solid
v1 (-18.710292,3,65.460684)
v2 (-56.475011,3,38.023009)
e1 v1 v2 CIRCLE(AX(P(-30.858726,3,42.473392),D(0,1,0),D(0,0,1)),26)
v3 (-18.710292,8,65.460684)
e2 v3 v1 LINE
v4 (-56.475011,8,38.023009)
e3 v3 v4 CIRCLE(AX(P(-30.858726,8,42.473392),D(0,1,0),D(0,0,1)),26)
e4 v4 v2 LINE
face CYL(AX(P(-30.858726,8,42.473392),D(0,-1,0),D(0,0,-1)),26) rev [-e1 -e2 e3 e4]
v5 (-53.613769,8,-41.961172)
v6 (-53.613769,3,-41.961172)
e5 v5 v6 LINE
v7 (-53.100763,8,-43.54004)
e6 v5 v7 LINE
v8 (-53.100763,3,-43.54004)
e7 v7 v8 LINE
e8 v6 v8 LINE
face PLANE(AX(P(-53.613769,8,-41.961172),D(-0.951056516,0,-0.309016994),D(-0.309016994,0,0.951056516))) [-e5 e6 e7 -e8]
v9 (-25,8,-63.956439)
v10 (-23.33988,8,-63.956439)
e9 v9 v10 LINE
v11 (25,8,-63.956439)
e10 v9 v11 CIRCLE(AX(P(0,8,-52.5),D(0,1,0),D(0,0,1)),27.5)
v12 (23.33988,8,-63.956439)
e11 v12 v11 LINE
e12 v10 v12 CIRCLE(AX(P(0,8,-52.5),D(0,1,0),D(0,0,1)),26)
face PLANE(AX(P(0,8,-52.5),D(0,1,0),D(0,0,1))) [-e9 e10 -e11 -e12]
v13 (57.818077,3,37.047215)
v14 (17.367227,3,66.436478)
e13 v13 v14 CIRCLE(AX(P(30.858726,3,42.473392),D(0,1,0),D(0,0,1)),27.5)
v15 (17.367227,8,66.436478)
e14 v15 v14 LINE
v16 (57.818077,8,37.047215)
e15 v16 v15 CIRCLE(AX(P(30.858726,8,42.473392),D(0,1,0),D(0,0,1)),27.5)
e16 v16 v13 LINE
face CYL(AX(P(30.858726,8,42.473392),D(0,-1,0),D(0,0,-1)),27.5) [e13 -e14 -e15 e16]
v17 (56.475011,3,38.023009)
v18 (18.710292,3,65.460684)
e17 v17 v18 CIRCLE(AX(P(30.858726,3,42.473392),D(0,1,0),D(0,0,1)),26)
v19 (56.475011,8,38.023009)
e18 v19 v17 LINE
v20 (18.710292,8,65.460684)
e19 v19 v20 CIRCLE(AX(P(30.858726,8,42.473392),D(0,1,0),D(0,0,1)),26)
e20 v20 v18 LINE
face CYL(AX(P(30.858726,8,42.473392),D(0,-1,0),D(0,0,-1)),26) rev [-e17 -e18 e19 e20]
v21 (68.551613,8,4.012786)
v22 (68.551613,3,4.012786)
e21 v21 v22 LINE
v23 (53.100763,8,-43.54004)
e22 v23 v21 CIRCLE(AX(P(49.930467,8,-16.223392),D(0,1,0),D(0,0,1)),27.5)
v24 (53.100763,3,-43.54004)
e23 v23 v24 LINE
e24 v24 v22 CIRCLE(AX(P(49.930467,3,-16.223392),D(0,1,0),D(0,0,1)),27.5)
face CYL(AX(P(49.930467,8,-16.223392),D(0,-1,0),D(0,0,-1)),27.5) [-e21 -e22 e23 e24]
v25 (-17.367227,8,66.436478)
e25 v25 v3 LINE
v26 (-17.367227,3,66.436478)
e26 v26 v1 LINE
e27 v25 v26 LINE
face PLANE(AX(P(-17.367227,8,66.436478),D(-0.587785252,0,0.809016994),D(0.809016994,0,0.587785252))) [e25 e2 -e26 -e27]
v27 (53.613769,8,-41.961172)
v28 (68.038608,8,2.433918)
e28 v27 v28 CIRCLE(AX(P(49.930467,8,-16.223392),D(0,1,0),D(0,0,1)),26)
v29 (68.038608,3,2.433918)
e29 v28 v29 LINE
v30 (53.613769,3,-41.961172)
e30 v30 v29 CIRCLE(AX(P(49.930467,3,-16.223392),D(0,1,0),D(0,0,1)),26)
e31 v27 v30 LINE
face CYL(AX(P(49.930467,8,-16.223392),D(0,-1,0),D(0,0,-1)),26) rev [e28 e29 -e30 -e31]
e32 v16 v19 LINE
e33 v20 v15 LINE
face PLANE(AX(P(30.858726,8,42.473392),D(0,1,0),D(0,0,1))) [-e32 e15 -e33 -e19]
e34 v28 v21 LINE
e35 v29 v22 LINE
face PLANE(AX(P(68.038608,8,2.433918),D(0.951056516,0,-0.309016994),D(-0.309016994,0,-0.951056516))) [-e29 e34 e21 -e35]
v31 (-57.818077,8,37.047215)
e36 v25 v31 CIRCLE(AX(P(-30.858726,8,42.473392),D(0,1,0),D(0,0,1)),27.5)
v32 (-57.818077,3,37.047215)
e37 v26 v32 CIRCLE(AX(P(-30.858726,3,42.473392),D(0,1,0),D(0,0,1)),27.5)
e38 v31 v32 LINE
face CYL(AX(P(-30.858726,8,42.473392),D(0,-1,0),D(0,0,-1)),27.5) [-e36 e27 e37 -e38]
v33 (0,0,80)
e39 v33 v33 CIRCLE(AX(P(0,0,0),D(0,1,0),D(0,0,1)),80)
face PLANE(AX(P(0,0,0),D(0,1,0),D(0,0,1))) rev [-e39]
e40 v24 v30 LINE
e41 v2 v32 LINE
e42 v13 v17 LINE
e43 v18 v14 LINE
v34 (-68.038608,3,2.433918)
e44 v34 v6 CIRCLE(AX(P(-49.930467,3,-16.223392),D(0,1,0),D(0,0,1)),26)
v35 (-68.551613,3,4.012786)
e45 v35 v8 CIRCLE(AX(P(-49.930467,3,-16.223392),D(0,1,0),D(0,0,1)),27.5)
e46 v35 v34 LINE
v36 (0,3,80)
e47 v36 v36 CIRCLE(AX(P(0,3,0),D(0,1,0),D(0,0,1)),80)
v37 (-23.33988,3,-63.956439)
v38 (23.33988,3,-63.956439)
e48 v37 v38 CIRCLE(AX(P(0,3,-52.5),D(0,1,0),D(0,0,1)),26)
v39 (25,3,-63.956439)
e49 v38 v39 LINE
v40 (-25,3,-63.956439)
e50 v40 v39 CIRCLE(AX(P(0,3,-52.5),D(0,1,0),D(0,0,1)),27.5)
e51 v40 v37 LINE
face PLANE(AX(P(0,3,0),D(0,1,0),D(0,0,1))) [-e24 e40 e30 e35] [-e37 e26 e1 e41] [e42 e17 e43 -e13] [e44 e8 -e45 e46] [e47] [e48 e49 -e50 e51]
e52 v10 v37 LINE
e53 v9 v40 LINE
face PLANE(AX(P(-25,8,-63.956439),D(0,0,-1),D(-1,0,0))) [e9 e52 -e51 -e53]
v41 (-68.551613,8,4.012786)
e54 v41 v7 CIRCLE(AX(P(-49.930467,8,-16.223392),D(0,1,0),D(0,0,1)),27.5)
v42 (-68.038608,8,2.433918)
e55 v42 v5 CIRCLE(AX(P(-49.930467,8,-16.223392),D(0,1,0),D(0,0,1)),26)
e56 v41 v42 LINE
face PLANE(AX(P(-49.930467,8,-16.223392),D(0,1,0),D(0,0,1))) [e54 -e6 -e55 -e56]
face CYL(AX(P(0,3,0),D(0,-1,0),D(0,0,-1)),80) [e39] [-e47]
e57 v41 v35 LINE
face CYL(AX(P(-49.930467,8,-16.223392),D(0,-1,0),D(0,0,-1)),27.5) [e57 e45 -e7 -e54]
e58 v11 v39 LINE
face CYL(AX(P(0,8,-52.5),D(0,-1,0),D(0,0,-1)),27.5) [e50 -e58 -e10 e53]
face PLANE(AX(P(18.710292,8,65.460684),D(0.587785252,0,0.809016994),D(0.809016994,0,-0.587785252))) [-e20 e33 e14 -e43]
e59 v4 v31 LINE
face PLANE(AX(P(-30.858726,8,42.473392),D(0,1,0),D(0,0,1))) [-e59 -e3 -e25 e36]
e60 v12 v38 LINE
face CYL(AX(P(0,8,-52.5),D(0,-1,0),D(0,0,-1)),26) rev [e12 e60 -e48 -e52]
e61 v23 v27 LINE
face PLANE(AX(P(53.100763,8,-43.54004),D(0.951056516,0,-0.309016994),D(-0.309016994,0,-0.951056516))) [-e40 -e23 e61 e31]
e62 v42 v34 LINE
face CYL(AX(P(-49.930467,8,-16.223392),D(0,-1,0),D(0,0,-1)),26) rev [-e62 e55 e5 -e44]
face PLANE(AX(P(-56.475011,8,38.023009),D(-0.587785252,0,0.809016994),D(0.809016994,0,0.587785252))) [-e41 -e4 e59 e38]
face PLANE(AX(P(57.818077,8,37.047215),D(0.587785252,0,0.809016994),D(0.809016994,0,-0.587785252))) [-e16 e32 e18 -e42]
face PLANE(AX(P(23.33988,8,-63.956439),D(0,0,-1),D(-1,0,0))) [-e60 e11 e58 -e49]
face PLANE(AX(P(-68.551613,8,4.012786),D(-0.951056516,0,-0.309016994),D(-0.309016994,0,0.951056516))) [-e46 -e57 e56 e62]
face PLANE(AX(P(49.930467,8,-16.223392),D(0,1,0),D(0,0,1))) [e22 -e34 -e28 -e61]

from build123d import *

# Parameters (mm, degrees)
SKETCH_1_R      = 80
EXTRUDE_1_DEPTH = 3
EXTRUDE_2_DEPTH = 8


with BuildPart() as part:
    # 草图1 → 凸台-拉伸1 (new body)
    with BuildSketch(Plane(origin=(0, 0, 0), x_dir=(1, 0, 0), z_dir=(0, 1, 0))):
        Circle(SKETCH_1_R)
        with BuildLine():
            ThreePointArc((-23.339880034, 63.956439237), (0, 26.5), (23.339880034, 63.956439237))
            Line((23.339880034, 63.956439237), (25, 63.956439237))
            ThreePointArc((25, 63.956439237), (0, 25), (-25, 63.956439237))
            Line((-25, 63.956439237), (-23.339880034, 63.956439237))
        make_face(mode=Mode.SUBTRACT)
        with BuildLine():
            ThreePointArc((-18.710292179, -65.460683517), (-15.576309186, -21.438950351), (-56.475011367, -38.023008969))
            Line((-56.475011367, -38.023008969), (-57.818076632, -37.047214935))
            ThreePointArc((-57.818076632, -37.047214935), (-14.694631307, -20.225424859), (-17.367226914, -66.43647755))
            Line((-17.367226914, -66.43647755), (-18.710292179, -65.460683517))
        make_face(mode=Mode.SUBTRACT)
        with BuildLine():
            ThreePointArc((-68.038607873, -2.433918372), (-25.202997682, 8.188950351), (-53.613768719, 41.96117162))
            Line((-53.613768719, 41.96117162), (-53.100763436, 43.540039531))
            ThreePointArc((-53.100763436, 43.540039531), (-23.776412907, 7.725424859), (-68.551613155, -4.012786283))
            Line((-68.551613155, -4.012786283), (-68.038607873, -2.433918372))
        make_face(mode=Mode.SUBTRACT)
        with BuildLine():
            ThreePointArc((68.551613155, -4.012786283), (23.776412907, 7.725424859), (53.100763436, 43.540039531))
            Line((53.100763436, 43.540039531), (53.613768719, 41.96117162))
            ThreePointArc((53.613768719, 41.96117162), (25.202997682, 8.188950351), (68.038607873, -2.433918372))
            Line((68.038607873, -2.433918372), (68.551613155, -4.012786283))
        make_face(mode=Mode.SUBTRACT)
        with BuildLine():
            ThreePointArc((56.475011367, -38.023008969), (15.576309186, -21.438950351), (18.710292179, -65.460683517))
            Line((18.710292179, -65.460683517), (17.367226914, -66.43647755))
            ThreePointArc((17.367226914, -66.43647755), (14.694631307, -20.225424859), (57.818076632, -37.047214935))
            Line((57.818076632, -37.047214935), (56.475011367, -38.023008969))
        make_face(mode=Mode.SUBTRACT)
    extrude(amount=EXTRUDE_1_DEPTH)

    # 草图1<5> → 凸台-拉伸2 (add)
    with BuildSketch(Plane(origin=(0, 0, 0), x_dir=(1, 0, 0), z_dir=(0, 1, 0))):
        with BuildLine():
            Line((-25, 63.956439237), (-23.339880034, 63.956439237))
            ThreePointArc((-23.339880034, 63.956439237), (0, 26.5), (23.339880034, 63.956439237))
            Line((23.339880034, 63.956439237), (25, 63.956439237))
            ThreePointArc((25, 63.956439237), (0, 25), (-25, 63.956439237))
        make_face()
        with BuildLine():
            Line((68.038607873, -2.433918372), (68.551613155, -4.012786283))
            ThreePointArc((68.551613155, -4.012786283), (23.776412907, 7.725424859), (53.100763436, 43.540039531))
            Line((53.100763436, 43.540039531), (53.613768719, 41.96117162))
            ThreePointArc((53.613768719, 41.96117162), (25.202997682, 8.188950351), (68.038607873, -2.433918372))
        make_face()
        with BuildLine():
            Line((18.710292179, -65.460683517), (17.367226914, -66.43647755))
            ThreePointArc((17.367226914, -66.43647755), (14.694631307, -20.225424859), (57.818076632, -37.047214935))
            Line((57.818076632, -37.047214935), (56.475011367, -38.023008969))
            ThreePointArc((56.475011367, -38.023008969), (15.576309186, -21.438950351), (18.710292179, -65.460683517))
        make_face()
        with BuildLine():
            Line((-56.475011367, -38.023008969), (-57.818076632, -37.047214935))
            ThreePointArc((-57.818076632, -37.047214935), (-14.694631307, -20.225424859), (-17.367226914, -66.43647755))
            Line((-17.367226914, -66.43647755), (-18.710292179, -65.460683517))
            ThreePointArc((-18.710292179, -65.460683517), (-15.576309186, -21.438950351), (-56.475011367, -38.023008969))
        make_face()
        with BuildLine():
            Line((-53.613768719, 41.96117162), (-53.100763436, 43.540039531))
            ThreePointArc((-53.100763436, 43.540039531), (-23.776412907, 7.725424859), (-68.551613155, -4.012786283))
            Line((-68.551613155, -4.012786283), (-68.038607873, -2.433918372))
            ThreePointArc((-68.038607873, -2.433918372), (-25.202997682, 8.188950351), (-53.613768719, 41.96117162))
        make_face()
    extrude(amount=EXTRUDE_2_DEPTH)


solid = part.part
